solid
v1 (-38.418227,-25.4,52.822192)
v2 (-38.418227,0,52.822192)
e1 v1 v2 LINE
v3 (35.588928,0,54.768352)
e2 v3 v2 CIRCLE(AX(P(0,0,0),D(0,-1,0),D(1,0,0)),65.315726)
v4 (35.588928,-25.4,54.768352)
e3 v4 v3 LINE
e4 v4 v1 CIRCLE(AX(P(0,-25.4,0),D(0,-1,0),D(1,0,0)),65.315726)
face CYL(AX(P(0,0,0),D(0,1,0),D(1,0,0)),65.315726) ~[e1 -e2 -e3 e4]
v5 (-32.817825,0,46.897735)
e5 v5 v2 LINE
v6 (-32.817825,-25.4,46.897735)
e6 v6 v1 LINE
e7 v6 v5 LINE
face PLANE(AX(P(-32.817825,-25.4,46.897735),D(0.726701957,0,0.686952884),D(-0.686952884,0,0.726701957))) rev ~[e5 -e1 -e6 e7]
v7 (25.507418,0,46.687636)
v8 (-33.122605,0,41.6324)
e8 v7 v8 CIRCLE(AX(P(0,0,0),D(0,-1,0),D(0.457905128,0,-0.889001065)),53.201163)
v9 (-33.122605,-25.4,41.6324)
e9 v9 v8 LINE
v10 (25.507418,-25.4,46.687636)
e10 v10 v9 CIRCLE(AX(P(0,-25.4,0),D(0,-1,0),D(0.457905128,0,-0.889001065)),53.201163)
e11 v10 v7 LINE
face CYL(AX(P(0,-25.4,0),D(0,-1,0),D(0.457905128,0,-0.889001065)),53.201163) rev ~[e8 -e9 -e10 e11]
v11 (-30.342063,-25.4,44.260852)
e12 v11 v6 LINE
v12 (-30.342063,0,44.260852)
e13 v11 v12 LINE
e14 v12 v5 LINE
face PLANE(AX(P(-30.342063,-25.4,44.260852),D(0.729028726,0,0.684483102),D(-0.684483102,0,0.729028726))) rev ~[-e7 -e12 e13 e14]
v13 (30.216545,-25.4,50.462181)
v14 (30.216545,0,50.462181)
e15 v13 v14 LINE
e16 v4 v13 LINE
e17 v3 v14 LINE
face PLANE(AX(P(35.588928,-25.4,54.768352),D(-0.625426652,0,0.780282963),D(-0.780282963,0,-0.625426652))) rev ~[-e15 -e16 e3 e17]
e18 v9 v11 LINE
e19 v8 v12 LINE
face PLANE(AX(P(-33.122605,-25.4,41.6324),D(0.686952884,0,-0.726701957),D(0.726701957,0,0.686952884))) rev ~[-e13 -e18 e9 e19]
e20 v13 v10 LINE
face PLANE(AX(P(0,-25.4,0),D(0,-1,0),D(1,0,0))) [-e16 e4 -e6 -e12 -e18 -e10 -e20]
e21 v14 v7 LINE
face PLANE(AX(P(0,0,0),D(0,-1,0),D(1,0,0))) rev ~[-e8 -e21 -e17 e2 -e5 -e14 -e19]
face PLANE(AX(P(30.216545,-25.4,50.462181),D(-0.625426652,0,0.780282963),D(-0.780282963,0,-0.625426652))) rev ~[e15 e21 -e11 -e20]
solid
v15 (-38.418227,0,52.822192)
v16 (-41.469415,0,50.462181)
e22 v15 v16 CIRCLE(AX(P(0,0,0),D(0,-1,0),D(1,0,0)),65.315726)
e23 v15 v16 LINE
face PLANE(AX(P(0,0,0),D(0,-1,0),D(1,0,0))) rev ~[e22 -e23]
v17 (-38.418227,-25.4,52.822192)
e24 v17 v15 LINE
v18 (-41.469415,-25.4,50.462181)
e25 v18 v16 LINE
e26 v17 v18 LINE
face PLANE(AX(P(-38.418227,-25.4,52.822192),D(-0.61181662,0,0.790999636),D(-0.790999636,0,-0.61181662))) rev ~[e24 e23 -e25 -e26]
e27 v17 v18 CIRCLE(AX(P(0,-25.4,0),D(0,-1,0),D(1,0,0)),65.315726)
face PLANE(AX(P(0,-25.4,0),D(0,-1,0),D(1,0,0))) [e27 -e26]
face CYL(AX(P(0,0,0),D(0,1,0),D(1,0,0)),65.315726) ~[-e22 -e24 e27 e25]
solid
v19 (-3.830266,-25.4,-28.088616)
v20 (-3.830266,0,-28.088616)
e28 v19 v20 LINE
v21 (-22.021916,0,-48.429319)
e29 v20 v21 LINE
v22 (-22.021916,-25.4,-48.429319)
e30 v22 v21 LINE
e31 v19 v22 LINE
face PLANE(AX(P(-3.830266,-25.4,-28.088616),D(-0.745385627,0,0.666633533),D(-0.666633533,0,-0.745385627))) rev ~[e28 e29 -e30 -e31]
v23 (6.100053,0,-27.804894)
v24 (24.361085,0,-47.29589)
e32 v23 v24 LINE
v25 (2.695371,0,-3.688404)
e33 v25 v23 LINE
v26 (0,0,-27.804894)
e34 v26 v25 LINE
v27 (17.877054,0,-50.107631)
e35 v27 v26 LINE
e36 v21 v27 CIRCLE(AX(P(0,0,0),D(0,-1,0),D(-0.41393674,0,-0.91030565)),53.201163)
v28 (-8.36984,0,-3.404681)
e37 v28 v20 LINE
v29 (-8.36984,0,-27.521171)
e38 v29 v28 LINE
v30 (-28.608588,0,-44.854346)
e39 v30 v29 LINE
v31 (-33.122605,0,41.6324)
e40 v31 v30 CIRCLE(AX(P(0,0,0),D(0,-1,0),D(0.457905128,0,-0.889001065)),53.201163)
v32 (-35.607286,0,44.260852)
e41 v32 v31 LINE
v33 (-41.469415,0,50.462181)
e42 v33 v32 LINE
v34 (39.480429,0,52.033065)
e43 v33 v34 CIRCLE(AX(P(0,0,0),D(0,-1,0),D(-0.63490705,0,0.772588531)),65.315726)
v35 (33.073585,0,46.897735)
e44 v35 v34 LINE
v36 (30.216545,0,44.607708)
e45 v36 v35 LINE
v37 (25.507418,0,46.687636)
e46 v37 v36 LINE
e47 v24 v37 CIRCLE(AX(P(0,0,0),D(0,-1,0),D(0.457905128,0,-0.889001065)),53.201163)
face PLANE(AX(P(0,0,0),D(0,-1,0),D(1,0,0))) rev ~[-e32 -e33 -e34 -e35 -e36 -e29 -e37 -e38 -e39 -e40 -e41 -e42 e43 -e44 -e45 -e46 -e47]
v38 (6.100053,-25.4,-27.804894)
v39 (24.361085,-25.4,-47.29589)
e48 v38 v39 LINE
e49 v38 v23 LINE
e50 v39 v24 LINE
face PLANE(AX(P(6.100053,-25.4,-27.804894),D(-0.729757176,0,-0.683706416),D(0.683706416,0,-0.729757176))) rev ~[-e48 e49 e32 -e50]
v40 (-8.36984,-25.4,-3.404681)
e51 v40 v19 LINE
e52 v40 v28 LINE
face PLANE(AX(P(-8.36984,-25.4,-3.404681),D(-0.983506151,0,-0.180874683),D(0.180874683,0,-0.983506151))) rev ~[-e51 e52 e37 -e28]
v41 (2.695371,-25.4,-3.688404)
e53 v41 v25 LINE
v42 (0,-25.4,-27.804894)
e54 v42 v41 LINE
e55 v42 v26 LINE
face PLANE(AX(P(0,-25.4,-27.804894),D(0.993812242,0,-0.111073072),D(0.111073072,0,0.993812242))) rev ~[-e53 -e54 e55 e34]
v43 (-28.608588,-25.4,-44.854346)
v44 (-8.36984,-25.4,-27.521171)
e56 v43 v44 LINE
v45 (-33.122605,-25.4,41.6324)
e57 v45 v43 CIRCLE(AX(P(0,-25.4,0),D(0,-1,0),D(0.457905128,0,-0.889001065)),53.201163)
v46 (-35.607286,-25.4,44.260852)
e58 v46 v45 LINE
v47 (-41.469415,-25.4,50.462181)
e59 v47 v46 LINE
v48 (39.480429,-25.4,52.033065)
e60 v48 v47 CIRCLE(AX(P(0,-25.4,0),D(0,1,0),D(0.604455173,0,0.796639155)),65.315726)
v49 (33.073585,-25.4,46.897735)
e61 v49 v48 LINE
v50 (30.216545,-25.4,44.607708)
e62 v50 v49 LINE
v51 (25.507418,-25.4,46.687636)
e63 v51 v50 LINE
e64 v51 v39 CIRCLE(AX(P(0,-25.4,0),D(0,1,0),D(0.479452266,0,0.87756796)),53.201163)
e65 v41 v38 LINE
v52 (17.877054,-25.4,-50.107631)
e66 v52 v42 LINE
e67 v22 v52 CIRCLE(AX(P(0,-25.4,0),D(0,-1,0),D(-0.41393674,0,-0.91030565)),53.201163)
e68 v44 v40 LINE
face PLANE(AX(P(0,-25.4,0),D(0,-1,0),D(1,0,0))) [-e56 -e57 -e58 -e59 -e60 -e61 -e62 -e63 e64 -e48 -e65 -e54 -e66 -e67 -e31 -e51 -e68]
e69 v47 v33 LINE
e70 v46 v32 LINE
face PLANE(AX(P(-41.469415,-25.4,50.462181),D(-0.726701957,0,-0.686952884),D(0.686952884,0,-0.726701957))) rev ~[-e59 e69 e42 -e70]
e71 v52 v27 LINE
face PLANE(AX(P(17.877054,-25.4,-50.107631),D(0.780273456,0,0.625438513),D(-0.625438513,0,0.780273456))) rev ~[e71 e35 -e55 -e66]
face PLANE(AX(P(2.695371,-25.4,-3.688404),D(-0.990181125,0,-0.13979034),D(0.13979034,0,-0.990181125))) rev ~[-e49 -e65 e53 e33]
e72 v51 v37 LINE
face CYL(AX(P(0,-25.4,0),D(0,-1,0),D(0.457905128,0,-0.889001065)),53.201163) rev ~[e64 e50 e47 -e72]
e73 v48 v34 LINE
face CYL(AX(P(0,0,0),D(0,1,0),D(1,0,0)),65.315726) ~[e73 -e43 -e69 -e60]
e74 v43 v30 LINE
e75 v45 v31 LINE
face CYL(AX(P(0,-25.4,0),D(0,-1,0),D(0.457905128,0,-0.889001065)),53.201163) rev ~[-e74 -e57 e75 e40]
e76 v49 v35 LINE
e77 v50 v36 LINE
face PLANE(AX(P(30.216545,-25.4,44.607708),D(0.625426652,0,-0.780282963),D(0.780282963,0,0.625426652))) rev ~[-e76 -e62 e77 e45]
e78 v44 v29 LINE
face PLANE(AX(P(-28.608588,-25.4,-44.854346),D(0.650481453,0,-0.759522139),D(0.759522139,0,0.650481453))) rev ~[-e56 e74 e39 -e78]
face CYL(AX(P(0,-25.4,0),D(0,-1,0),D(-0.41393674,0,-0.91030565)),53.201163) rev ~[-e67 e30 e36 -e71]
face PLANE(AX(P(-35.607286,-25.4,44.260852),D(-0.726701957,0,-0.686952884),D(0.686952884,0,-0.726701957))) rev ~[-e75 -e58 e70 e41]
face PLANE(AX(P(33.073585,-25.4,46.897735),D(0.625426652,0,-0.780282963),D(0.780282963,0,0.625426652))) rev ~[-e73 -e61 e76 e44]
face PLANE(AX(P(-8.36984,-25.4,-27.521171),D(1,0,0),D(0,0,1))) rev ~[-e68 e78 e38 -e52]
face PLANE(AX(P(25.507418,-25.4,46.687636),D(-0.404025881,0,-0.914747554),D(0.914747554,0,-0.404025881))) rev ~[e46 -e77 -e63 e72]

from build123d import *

# Parameters (mm, degrees)
F0_R     = 65.3157264909
F1_DEPTH = 25.4
F3_DEPTH = 25.4
F5_DEPTH = 25.4
F7_DEPTH = 25.4
F9_DEPTH = 25.4


with BuildPart() as f1:
    # F0 (on Front) → F1 (new body)
    with BuildSketch(Plane.XZ):
        Circle(F0_R)
    extrude(amount=F1_DEPTH)

    # F2 (on face) → F3 (cut)
    with BuildSketch(Plane.XZ.offset(25.4)):
        Polygon((-38.4182271411, 52.8221918361), (-41.4694152245, 50.4621811654), (-35.6072857976, 44.2608520389), (-32.8178254442, 46.8977347602), align=None)
        with BuildLine():
            ThreePointArc((39.4804287796, 52.0330651645), (37.5595862958, 53.436145111), (35.5889278088, 54.7683516682))
            Line((35.5889278088, 54.7683516682), (30.2165448666, 50.4621811654))
            Line((30.2165448666, 50.4621811654), (33.0735850542, 46.8977347602))
            Line((33.0735850542, 46.8977347602), (39.4804287796, 52.0330651645))
        make_face()
    extrude(amount=-F3_DEPTH, mode=Mode.SUBTRACT)

    # F4 (on face) → F5 (cut)
    with BuildSketch(Plane.XZ.offset(25.4)):
        with BuildLine():
            ThreePointArc((24.3610851999, -47.2958902978), (45.4224711355, -27.6977043655), (53.2011626863, 0))
            ThreePointArc((53.2011626863, 0), (-25.5768796637, 46.6496188392), (-28.6085883777, -44.8543463023))
            Line((-28.6085883777, -44.8543463023), (-8.3698397502, -27.5211706758))
            Line((-8.3698397502, -27.5211706758), (-8.3698397502, -3.4046808723))
            Line((-8.3698397502, -3.4046808723), (-3.8302657194, -28.0886162072))
            Line((-3.8302657194, -28.0886162072), (-22.0219158301, -48.429318954))
            ThreePointArc((-22.0219158301, -48.429318954), (-2.2358787042, -53.1541584224), (17.8770535247, -50.1076308405))
            Line((17.8770535247, -50.1076308405), (0, -27.8048943728))
            Line((0, -27.8048943728), (2.6953709312, -3.6884043366))
            Line((2.6953709312, -3.6884043366), (6.1000534333, -27.8048943728))
            Line((6.1000534333, -27.8048943728), (24.3610851999, -47.2958902978))
        make_face()
    extrude(amount=-F5_DEPTH, mode=Mode.SUBTRACT)

    # F6 (on face) → F7 (cut)
    with BuildSketch(Plane.XZ.offset(25.4)):
        Polygon((-32.8178254442, 46.8977347602), (-35.6072857976, 44.2608520389), (-33.1226048826, 41.6324003268), (-30.3420633808, 44.2608520389), align=None)
        Polygon((30.2165448666, 50.4621811654), (25.5074180222, 46.6876358045), (33.0735850542, 46.8977347602), align=None)
        Polygon((33.0735850542, 46.8977347602), (25.5074180222, 46.6876358045), (30.2165448666, 44.607707725), align=None)
    extrude(amount=-F7_DEPTH, mode=Mode.SUBTRACT)

    # F8 (on face) → F9 (cut)
    with BuildSketch(Plane.XZ.offset(25.4)):
        with BuildLine():
            Line((28.7985692311, 41.3972952134), (29.9383787891, 43.977917034))
            ThreePointArc((29.9383787891, 43.977917034), (27.7559856601, 45.3868810474), (25.5074180222, 46.6876358045))
            Line((25.5074180222, 46.6876358045), (28.7985692311, 41.3972952134))
        make_face()
    extrude(amount=-F9_DEPTH, mode=Mode.SUBTRACT)


solid = f1.part
